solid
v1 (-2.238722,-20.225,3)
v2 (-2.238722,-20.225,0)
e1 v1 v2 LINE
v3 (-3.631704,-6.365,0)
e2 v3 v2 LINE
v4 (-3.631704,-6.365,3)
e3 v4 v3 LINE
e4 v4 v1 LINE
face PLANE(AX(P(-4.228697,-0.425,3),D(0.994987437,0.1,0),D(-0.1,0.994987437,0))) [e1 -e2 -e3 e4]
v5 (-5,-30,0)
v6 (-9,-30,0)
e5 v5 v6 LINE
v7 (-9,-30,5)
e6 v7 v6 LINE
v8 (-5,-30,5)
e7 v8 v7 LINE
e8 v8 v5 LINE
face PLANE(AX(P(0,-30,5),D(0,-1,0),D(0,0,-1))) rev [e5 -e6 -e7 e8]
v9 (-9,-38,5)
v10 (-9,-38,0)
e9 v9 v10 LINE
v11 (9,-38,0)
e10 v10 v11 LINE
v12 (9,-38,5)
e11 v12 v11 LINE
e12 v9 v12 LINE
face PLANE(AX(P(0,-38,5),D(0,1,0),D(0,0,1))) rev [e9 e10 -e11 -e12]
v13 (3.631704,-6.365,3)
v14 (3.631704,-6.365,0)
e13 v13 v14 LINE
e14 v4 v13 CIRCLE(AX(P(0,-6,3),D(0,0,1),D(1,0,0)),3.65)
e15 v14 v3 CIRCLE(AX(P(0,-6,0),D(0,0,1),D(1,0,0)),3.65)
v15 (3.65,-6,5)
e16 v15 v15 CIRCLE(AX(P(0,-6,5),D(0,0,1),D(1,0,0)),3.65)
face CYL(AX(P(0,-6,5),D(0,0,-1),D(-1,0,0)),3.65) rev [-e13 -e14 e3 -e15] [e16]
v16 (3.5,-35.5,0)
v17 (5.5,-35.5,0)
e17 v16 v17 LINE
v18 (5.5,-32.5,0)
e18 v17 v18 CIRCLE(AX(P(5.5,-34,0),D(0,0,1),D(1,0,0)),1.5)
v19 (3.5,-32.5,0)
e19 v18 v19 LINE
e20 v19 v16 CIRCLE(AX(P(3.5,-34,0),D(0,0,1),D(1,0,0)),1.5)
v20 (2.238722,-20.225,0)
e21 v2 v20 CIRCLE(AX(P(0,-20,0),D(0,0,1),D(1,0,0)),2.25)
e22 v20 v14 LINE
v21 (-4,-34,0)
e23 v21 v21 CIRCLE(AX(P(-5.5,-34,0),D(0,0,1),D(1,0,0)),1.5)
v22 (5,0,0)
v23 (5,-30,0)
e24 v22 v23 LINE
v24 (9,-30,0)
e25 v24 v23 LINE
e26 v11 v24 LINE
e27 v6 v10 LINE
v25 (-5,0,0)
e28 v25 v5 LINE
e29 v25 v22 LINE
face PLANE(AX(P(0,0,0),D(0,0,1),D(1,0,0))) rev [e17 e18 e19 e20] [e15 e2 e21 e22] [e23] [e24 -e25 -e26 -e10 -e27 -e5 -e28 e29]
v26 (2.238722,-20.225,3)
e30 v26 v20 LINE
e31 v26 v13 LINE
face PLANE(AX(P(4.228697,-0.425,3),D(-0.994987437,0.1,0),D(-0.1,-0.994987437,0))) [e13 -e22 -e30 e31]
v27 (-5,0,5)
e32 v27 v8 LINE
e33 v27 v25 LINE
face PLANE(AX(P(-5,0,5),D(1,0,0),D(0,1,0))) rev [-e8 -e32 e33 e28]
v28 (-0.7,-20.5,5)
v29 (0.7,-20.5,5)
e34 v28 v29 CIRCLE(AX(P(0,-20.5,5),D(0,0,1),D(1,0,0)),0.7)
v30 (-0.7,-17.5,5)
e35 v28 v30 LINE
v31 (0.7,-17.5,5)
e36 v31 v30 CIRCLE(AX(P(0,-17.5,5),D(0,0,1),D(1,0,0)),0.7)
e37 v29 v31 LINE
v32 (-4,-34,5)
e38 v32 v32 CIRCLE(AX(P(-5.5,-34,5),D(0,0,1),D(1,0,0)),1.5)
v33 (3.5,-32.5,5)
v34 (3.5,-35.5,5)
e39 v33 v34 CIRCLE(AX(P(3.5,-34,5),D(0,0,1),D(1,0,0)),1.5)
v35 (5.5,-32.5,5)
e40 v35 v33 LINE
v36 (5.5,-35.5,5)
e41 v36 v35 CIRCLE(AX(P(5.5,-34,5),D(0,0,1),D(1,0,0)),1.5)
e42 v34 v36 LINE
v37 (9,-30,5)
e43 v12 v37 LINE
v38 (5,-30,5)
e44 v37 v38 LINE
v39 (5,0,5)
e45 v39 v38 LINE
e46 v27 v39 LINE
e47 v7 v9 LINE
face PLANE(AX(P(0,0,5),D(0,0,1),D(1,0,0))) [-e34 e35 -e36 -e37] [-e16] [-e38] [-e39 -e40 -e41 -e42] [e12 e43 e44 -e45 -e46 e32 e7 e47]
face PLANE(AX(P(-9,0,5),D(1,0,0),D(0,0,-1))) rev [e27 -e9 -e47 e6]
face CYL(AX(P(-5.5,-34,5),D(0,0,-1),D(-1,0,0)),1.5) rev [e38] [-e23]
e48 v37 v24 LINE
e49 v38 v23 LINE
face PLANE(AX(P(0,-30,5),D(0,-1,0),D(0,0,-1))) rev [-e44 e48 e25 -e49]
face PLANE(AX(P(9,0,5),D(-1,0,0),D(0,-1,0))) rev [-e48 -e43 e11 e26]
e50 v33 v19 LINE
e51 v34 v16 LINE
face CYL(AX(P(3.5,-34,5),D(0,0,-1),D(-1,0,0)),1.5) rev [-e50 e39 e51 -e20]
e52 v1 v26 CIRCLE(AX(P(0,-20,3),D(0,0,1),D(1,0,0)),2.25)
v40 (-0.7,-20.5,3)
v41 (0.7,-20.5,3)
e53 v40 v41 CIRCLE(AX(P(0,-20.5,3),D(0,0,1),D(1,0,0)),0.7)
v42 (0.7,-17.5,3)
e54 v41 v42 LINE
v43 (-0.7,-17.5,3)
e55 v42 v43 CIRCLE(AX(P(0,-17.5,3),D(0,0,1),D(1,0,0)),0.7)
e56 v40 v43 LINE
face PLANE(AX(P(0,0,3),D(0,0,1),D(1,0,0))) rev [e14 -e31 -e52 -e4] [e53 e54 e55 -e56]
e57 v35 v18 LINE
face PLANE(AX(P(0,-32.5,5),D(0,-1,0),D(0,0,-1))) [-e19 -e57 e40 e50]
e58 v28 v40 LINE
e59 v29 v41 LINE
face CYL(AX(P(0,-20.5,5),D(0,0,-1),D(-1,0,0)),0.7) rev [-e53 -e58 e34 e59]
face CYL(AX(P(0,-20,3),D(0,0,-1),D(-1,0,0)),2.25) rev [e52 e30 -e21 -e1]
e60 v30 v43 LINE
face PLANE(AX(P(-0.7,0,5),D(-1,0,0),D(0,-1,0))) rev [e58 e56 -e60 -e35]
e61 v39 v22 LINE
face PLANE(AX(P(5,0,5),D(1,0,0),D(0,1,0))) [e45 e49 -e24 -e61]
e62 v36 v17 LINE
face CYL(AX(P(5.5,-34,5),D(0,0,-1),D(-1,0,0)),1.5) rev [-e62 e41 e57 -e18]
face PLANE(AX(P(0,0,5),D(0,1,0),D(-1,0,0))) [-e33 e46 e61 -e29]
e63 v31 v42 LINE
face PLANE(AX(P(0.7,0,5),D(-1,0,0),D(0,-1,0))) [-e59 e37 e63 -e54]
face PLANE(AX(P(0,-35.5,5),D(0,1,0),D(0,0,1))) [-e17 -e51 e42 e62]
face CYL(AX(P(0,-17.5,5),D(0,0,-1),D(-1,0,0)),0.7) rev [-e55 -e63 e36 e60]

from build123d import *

# Parameters (mm, degrees)
ESBO_O1_R                = 1.5
ESBO_O1_R_2              = 3.65
RESSALTO_EXTRUS_O1_DEPTH = 5
CORTE_EXTRUS_O1_DEPTH    = 3


with BuildPart() as part:
    # Esboço1 → Ressalto-extrusão1 (new body)
    with BuildSketch(Plane.XY):
        Polygon((5, 0), (0, 0), (-5, 0), (-5, -30), (-9, -30), (-9, -38), (9, -38), (9, -30), (5, -30), align=None)
        with Locations((-5.5, -34)):
            Circle(ESBO_O1_R, mode=Mode.SUBTRACT)
        with BuildLine():
            Line((3.5, -32.5), (5.5, -32.5))
            ThreePointArc((5.5, -32.5), (7, -34), (5.5, -35.5))
            Line((5.5, -35.5), (3.5, -35.5))
            ThreePointArc((3.5, -35.5), (2, -34), (3.5, -32.5))
        make_face(mode=Mode.SUBTRACT)
        with Locations((0, -6)):
            Circle(ESBO_O1_R_2, mode=Mode.SUBTRACT)
        with BuildLine():
            ThreePointArc((-0.7, -17.5), (0, -16.8), (0.7, -17.5))
            Line((0.7, -17.5), (0.7, -20.5))
            ThreePointArc((0.7, -20.5), (0, -21.2), (-0.7, -20.5))
            Line((-0.7, -20.5), (-0.7, -17.5))
        make_face(mode=Mode.SUBTRACT)
    extrude(amount=RESSALTO_EXTRUS_O1_DEPTH)

    # Esboço1<3> → Corte-extrusão1 (cut)
    with BuildSketch(Plane.XY):
        with BuildLine():
            ThreePointArc((-2.238721733, -20.225), (0, -22.25), (2.238721733, -20.225))
            Line((2.238721733, -20.225), (3.631704145, -6.365))
            ThreePointArc((3.631704145, -6.365), (0, -9.65), (-3.631704145, -6.365))
            Line((-3.631704145, -6.365), (-2.238721733, -20.225))
        make_face()
        with BuildLine():
            ThreePointArc((0.7, -20.5), (0, -21.2), (-0.7, -20.5))
            Line((-0.7, -20.5), (-0.7, -17.5))
            ThreePointArc((-0.7, -17.5), (0, -16.8), (0.7, -17.5))
            Line((0.7, -17.5), (0.7, -20.5))
        make_face(mode=Mode.SUBTRACT)
    extrude(amount=CORTE_EXTRUS_O1_DEPTH, mode=Mode.SUBTRACT)


solid = part.part
